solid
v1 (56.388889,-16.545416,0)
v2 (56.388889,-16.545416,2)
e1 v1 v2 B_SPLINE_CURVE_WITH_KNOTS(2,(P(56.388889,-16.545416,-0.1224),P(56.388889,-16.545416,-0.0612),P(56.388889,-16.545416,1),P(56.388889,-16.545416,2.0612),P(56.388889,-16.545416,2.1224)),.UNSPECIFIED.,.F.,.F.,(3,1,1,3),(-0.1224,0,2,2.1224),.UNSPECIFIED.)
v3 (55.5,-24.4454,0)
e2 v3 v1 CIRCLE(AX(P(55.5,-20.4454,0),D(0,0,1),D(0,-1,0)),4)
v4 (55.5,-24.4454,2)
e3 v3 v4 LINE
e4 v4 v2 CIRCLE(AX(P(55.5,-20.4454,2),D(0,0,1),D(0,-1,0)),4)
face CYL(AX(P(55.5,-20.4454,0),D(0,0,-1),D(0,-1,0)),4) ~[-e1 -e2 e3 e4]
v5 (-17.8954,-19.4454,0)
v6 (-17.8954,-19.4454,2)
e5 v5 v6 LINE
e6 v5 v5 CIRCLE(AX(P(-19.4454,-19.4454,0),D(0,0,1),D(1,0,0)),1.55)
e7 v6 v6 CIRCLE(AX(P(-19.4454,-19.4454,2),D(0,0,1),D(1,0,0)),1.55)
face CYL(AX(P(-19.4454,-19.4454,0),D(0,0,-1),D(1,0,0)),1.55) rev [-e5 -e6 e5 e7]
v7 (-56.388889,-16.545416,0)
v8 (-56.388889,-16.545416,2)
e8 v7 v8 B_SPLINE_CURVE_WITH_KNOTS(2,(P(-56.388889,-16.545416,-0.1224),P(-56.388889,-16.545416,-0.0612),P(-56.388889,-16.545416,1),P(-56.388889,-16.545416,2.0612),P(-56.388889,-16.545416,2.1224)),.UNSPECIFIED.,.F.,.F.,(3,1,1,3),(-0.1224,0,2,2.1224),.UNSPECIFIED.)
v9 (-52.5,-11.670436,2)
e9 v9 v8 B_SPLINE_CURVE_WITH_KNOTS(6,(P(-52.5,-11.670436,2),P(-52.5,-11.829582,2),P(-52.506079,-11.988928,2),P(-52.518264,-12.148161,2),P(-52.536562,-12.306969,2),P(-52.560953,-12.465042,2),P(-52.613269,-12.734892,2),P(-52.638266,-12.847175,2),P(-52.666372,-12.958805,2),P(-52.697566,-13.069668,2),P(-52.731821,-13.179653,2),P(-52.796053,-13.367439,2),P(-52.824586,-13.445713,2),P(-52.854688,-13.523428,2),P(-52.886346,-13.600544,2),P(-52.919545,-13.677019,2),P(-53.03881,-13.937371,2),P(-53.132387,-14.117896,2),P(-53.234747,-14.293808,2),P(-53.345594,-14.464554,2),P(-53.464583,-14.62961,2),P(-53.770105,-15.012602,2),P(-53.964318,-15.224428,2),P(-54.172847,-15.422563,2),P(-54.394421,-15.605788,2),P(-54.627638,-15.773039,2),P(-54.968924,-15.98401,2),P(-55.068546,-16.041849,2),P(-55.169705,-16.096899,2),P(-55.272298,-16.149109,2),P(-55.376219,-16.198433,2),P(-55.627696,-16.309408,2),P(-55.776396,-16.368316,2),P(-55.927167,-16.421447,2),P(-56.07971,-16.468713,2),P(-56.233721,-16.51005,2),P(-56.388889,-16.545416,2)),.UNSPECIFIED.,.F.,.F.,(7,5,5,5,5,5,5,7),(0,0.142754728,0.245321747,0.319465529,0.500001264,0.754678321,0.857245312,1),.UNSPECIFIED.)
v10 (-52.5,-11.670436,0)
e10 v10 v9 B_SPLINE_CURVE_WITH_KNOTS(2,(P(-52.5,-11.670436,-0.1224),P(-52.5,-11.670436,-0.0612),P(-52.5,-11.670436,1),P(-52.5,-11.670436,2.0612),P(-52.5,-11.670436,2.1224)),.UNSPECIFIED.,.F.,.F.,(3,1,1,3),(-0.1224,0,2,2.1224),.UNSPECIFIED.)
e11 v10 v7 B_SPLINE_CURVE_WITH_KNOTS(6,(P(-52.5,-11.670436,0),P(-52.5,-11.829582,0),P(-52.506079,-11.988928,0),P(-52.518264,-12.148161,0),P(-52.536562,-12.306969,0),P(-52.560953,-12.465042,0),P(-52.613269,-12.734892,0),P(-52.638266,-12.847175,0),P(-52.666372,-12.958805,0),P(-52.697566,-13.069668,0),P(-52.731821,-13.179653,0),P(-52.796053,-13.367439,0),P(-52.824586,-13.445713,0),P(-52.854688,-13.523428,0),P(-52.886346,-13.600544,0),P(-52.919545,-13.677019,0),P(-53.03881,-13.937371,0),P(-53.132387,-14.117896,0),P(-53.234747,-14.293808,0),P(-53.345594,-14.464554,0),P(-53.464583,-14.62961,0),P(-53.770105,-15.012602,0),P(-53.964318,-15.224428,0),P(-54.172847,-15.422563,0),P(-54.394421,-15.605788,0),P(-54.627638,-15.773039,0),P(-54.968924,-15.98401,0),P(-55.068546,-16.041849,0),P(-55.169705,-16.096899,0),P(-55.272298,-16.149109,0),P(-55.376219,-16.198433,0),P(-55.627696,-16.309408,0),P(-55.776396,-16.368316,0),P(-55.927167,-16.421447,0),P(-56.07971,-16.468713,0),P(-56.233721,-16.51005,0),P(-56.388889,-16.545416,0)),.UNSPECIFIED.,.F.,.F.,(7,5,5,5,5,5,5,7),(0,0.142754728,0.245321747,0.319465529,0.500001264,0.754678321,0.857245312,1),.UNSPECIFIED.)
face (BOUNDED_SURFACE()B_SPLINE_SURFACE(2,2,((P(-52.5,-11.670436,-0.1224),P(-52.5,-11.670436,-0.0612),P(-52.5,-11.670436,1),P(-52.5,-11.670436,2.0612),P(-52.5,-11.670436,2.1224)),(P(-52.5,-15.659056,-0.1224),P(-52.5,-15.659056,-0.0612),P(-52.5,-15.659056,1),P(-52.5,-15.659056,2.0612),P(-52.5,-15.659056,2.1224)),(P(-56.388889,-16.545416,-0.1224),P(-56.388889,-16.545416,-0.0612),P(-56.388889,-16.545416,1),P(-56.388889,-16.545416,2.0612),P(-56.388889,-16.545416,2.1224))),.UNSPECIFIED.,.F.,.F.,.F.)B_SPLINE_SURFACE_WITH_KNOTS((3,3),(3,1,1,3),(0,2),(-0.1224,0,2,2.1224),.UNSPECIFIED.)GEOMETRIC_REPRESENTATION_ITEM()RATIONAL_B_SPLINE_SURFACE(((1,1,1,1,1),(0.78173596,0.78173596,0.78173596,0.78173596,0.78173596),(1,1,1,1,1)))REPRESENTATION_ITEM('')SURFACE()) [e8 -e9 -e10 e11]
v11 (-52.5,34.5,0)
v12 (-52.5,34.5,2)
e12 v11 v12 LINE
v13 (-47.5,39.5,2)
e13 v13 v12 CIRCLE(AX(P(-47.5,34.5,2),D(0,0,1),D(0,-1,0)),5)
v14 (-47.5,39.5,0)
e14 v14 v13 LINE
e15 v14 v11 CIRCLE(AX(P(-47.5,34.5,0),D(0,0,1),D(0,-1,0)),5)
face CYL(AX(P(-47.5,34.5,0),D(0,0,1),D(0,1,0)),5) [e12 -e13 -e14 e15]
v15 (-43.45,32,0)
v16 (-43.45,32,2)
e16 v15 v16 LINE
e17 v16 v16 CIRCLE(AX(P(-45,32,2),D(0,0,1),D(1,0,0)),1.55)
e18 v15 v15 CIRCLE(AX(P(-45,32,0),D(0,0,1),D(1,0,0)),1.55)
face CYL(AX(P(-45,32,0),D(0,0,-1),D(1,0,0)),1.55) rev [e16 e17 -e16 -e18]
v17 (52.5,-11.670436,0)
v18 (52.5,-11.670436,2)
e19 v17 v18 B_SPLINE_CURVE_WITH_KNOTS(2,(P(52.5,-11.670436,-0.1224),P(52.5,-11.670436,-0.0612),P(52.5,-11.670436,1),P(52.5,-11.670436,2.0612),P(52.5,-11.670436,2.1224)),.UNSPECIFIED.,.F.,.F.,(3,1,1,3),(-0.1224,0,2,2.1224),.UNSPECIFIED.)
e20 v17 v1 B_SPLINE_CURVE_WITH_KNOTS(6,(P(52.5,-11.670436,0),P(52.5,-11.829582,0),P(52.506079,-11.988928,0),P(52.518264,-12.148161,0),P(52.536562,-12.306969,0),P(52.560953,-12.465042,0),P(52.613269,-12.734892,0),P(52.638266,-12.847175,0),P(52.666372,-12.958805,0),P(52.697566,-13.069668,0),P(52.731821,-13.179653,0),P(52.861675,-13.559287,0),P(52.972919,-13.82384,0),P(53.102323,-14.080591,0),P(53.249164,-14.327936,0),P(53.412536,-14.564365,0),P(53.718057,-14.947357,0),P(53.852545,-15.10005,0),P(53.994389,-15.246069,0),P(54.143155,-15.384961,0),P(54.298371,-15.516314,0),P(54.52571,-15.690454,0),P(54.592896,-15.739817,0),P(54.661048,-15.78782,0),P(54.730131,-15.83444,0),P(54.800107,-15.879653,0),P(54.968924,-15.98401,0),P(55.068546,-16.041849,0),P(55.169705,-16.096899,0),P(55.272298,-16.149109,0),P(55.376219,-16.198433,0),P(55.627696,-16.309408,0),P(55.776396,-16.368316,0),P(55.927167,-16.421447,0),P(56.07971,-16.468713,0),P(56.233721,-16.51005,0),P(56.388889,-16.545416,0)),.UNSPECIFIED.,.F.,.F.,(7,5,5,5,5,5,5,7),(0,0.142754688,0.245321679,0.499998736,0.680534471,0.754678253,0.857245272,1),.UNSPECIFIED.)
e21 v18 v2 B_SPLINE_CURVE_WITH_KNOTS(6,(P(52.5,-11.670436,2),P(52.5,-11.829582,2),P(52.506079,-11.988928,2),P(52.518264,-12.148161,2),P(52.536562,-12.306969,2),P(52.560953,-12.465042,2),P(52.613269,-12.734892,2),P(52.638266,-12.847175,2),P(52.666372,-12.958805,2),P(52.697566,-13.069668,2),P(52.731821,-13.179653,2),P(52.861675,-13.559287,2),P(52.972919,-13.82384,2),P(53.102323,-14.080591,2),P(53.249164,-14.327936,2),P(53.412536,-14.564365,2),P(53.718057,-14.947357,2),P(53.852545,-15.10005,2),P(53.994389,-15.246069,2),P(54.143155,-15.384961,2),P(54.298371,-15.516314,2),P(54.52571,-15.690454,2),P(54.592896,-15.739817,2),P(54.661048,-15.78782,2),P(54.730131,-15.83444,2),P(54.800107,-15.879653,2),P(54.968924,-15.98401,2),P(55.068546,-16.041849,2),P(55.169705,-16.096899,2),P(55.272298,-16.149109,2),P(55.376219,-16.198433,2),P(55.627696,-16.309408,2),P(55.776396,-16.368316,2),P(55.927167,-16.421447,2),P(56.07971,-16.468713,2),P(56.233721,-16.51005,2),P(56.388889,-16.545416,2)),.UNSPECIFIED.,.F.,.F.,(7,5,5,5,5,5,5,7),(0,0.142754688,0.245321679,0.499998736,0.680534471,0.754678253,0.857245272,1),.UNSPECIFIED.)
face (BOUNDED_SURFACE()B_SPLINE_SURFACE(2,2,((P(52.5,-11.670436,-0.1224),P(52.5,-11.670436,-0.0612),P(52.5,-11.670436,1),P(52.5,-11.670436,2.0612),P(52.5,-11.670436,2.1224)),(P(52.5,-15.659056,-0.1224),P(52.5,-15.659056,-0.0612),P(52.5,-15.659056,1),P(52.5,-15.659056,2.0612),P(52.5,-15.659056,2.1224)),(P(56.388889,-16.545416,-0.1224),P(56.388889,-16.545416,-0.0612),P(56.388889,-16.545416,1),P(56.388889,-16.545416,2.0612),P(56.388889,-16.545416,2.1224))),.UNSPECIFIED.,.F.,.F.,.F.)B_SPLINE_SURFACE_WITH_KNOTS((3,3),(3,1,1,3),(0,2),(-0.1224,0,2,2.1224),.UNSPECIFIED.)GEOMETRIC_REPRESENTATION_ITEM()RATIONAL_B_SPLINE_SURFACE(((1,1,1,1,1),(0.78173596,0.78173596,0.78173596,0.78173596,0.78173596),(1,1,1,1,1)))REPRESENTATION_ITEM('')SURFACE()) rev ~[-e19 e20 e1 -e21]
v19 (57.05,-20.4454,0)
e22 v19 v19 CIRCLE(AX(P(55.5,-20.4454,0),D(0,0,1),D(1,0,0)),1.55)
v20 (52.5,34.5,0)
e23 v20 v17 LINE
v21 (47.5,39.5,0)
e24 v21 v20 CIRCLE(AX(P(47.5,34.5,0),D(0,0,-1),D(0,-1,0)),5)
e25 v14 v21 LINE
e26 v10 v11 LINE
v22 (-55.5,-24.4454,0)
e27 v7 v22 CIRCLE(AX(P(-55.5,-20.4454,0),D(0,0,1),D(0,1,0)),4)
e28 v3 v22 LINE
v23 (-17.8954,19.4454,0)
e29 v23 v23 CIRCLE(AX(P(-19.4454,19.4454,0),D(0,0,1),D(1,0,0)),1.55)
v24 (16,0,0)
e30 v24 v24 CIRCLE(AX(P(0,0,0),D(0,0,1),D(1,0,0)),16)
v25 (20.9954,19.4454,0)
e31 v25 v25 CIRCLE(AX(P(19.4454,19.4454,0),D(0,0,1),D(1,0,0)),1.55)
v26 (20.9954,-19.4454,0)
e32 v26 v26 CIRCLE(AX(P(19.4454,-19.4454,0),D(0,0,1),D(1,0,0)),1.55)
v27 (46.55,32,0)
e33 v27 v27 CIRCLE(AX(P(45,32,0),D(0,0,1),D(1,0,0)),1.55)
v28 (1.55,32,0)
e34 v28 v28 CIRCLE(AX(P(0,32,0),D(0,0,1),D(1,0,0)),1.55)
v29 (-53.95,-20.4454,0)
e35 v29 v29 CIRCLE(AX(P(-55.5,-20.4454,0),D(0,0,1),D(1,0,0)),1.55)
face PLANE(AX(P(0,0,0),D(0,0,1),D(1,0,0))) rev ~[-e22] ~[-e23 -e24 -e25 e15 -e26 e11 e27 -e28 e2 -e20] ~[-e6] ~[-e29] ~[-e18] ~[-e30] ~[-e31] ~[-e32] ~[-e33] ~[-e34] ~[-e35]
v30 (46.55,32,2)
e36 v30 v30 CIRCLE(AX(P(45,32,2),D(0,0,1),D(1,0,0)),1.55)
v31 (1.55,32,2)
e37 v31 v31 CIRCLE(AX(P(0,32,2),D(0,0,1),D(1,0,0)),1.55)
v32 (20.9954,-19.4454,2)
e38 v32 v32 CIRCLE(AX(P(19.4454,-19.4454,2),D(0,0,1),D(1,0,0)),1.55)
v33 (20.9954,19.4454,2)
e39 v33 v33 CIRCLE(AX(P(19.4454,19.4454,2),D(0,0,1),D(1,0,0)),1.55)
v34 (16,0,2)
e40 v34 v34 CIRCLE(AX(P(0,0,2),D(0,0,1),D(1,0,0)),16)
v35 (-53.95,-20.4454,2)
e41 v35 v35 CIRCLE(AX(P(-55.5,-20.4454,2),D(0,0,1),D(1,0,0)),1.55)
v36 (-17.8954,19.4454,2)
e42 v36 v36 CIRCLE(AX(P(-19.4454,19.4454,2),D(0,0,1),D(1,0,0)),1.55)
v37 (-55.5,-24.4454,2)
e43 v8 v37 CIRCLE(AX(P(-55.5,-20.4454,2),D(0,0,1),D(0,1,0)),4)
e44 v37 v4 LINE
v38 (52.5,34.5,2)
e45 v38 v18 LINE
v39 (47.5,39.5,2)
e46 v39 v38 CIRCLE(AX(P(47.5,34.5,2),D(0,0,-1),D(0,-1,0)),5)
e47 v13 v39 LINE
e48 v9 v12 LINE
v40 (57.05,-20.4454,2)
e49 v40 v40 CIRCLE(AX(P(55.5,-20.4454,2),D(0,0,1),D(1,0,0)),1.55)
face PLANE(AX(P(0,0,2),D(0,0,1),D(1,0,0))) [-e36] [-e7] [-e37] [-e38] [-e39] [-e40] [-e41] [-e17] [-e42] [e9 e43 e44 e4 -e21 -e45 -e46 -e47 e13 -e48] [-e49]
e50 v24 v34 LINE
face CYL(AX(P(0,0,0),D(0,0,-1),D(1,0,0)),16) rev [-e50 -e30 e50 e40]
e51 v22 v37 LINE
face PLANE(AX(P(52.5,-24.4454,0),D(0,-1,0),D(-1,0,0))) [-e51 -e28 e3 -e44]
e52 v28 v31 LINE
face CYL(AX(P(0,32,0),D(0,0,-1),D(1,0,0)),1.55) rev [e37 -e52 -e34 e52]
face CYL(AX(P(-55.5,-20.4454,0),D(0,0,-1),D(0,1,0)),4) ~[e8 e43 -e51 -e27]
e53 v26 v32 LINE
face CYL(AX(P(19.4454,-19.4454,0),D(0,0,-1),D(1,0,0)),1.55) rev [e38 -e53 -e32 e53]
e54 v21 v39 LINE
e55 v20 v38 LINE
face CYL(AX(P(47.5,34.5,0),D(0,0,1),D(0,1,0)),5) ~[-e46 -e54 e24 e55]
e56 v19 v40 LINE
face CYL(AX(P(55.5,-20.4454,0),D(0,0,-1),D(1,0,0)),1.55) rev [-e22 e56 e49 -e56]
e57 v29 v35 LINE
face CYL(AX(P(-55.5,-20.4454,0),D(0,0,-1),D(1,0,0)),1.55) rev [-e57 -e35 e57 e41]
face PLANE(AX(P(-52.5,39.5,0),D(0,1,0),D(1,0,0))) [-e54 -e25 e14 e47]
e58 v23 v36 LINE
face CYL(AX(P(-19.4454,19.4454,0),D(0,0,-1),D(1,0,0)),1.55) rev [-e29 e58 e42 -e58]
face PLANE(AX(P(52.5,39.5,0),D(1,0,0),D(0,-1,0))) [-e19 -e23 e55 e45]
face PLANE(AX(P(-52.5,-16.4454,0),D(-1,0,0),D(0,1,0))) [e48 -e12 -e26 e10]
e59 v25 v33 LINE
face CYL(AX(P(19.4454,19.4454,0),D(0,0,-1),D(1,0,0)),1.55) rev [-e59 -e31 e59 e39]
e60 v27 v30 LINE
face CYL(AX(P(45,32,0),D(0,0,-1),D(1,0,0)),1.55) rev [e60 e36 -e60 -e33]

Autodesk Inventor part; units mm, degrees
ref_plane "YZ Plane" through (0, 0, 0) normal (1, 0, 0) x (0, 1, 0)
ref_plane "XZ Plane" through (0, 0, 0) normal (0, 1, 0) x (-1, 0, 0)
ref_plane "XY Plane" through (0, 0, 0) normal (0, 0, 1) x (1, 0, 0)
sketch "スケッチ1" plane through (0, 0, 0) normal (0, 0, 1) x (1, 0, 0)
  circle A0 centre (0, 0) radius 52.5 construction
  circle A1 centre (0, 0) radius 12.55 construction
  circle A2 centre (-12.3744, 12.3744) radius 2.05 construction
  circle A3 centre (-12.3744, -12.3744) radius 2.05 construction
  circle A4 centre (12.3744, -12.3744) radius 2.05 construction
  circle A5 centre (12.3744, 12.3744) radius 2.05 construction
  line L0 (0, 0) -> (-12.3744, 12.3744) construction
  line L1 (0, 0) -> (0, 12.55) construction
  circle A6 centre (0, 0) radius 23.5 construction
  line L2 (-52.5, 39.5) -> (52.5, 39.5)
  line L3 (52.5, 39.5) -> (52.5, -24.4454)
  line L4 (52.5, -24.4454) -> (-52.5, -24.4454)
  line L5 (-52.5, -24.4454) -> (-52.5, 39.5)
  line L6 (-52.5, 24.5) -> (52.5, 24.5) construction
  line L7 (-52.5, 32) -> (52.5, 32) construction
  circle A7 centre (0, 32) radius 1.55
  circle A8 centre (-45, 32) radius 1.55
  circle A9 centre (45, 32) radius 1.55
  circle A10 centre (-19.4454, 19.4454) radius 1.55
  circle A11 centre (-19.4454, -19.4454) radius 1.55
  circle A12 centre (19.4454, -19.4454) radius 1.55
  circle A13 centre (19.4454, 19.4454) radius 1.55
  line L8 (-52.5, -24.4454) -> (-55.5, -24.4454)
  circle A14 centre (-55.5, -20.4454) radius 1.55
  arc A15 (-55.5, -16.4454) -> (-55.5, -24.4454) centre (-55.5, -20.4454) ccw
  line L9 (-55.5, -16.4454) -> (-52.5, -16.4454)
  line L10 (52.5, -24.4454) -> (55.5, -24.4454)
  circle A16 centre (55.5, -20.4454) radius 1.55
  arc A17 (55.5, -24.4454) -> (55.5, -16.4454) centre (55.5, -20.4454) ccw
  line L11 (55.5, -16.4454) -> (52.5, -16.4454)
  circle A18 centre (0, 0) radius 16
  point P0 (0, 39.5)
  point P1 (0, 23.5)
  point P2 (0, -52.5)
  dimension "d0" = 105
  dimension "d1" = 25.1
  dimension "d9" = 47
  dimension "d2" = 4.1
  dimension "d5" = 360
  dimension "d7" = 45
  dimension "d8" = 35
  dimension "d10" = 15
  dimension "d18" = 105
  dimension "d20" = 7.5
  dimension "d21" = 3.1
  dimension "d22" = 3.1
  dimension "d23" = 3.1
  dimension "d24" = 90
  dimension "d27" = 3.1
  dimension "d30" = 360
  dimension "d32" = 55
  dimension "d33" = 5
  dimension "d35" = 3.1
  dimension "d36" = 4
  dimension "d37" = 3
  dimension "d38" = 32
  dimension "d40" = 92
extrude "押し出し1" add sketch "スケッチ1" along normal blind 2
fillet "フィレット1" radius 5 4 edges at (-52.5, 39.5, 1) (52.5, 39.5, 1) (52.5, -16.4454, 1) (-52.5, -16.4454, 1)
sketch "スケッチ2" plane through (0, 0, 2) normal (0, 0, 1) x (1, 0, 0)
  arc A0 (52.5, 34.5) -> (47.5, 39.5) centre (47.5, 34.5) ccw projected
  line L0 (47.5, 39.5) -> (-47.5, 39.5) projected
  arc A1 (-47.5, 39.5) -> (-52.5, 34.5) centre (-47.5, 34.5) ccw projected
  line L1 (-52.5, 34.5) -> (-52.5, -11.6705) projected
  arc A2 (-56.3889, -16.5455) -> (-52.5, -11.6705) centre (-57.5, -11.6705) ccw projected
  arc A3 (-56.3889, -16.5455) -> (-55.5, -24.4454) centre (-55.5, -20.4454) ccw projected
  line L2 (-55.5, -24.4454) -> (55.5, -24.4454) projected
  arc A4 (55.5, -24.4454) -> (56.3889, -16.5455) centre (55.5, -20.4454) ccw projected
  arc A5 (52.5, -11.6705) -> (56.3889, -16.5455) centre (57.5, -11.6705) ccw projected
  line L3 (52.5, -11.6705) -> (52.5, 34.5) projected
  circle A6 centre (-55.5, -20.4454) radius 1.55 projected
  circle A7 centre (0, 0) radius 16 projected
  circle A8 centre (19.4454, -19.4454) radius 1.55 projected
  circle A9 centre (-19.4454, -19.4454) radius 1.55 projected
  circle A10 centre (-19.4454, 19.4454) radius 1.55 projected
  circle A11 centre (45, 32) radius 1.55 projected
  circle A12 centre (-45, 32) radius 1.55 projected
  circle A13 centre (0, 32) radius 1.55 projected
  circle A14 centre (19.4454, 19.4454) radius 1.55 projected
  circle A15 centre (55.5, -20.4454) radius 1.55 projected
equation "\"d20\" = 0.5 * d10"
properties part number "omu_al_jo_1" material "アルミニウム 6061-AHC"
